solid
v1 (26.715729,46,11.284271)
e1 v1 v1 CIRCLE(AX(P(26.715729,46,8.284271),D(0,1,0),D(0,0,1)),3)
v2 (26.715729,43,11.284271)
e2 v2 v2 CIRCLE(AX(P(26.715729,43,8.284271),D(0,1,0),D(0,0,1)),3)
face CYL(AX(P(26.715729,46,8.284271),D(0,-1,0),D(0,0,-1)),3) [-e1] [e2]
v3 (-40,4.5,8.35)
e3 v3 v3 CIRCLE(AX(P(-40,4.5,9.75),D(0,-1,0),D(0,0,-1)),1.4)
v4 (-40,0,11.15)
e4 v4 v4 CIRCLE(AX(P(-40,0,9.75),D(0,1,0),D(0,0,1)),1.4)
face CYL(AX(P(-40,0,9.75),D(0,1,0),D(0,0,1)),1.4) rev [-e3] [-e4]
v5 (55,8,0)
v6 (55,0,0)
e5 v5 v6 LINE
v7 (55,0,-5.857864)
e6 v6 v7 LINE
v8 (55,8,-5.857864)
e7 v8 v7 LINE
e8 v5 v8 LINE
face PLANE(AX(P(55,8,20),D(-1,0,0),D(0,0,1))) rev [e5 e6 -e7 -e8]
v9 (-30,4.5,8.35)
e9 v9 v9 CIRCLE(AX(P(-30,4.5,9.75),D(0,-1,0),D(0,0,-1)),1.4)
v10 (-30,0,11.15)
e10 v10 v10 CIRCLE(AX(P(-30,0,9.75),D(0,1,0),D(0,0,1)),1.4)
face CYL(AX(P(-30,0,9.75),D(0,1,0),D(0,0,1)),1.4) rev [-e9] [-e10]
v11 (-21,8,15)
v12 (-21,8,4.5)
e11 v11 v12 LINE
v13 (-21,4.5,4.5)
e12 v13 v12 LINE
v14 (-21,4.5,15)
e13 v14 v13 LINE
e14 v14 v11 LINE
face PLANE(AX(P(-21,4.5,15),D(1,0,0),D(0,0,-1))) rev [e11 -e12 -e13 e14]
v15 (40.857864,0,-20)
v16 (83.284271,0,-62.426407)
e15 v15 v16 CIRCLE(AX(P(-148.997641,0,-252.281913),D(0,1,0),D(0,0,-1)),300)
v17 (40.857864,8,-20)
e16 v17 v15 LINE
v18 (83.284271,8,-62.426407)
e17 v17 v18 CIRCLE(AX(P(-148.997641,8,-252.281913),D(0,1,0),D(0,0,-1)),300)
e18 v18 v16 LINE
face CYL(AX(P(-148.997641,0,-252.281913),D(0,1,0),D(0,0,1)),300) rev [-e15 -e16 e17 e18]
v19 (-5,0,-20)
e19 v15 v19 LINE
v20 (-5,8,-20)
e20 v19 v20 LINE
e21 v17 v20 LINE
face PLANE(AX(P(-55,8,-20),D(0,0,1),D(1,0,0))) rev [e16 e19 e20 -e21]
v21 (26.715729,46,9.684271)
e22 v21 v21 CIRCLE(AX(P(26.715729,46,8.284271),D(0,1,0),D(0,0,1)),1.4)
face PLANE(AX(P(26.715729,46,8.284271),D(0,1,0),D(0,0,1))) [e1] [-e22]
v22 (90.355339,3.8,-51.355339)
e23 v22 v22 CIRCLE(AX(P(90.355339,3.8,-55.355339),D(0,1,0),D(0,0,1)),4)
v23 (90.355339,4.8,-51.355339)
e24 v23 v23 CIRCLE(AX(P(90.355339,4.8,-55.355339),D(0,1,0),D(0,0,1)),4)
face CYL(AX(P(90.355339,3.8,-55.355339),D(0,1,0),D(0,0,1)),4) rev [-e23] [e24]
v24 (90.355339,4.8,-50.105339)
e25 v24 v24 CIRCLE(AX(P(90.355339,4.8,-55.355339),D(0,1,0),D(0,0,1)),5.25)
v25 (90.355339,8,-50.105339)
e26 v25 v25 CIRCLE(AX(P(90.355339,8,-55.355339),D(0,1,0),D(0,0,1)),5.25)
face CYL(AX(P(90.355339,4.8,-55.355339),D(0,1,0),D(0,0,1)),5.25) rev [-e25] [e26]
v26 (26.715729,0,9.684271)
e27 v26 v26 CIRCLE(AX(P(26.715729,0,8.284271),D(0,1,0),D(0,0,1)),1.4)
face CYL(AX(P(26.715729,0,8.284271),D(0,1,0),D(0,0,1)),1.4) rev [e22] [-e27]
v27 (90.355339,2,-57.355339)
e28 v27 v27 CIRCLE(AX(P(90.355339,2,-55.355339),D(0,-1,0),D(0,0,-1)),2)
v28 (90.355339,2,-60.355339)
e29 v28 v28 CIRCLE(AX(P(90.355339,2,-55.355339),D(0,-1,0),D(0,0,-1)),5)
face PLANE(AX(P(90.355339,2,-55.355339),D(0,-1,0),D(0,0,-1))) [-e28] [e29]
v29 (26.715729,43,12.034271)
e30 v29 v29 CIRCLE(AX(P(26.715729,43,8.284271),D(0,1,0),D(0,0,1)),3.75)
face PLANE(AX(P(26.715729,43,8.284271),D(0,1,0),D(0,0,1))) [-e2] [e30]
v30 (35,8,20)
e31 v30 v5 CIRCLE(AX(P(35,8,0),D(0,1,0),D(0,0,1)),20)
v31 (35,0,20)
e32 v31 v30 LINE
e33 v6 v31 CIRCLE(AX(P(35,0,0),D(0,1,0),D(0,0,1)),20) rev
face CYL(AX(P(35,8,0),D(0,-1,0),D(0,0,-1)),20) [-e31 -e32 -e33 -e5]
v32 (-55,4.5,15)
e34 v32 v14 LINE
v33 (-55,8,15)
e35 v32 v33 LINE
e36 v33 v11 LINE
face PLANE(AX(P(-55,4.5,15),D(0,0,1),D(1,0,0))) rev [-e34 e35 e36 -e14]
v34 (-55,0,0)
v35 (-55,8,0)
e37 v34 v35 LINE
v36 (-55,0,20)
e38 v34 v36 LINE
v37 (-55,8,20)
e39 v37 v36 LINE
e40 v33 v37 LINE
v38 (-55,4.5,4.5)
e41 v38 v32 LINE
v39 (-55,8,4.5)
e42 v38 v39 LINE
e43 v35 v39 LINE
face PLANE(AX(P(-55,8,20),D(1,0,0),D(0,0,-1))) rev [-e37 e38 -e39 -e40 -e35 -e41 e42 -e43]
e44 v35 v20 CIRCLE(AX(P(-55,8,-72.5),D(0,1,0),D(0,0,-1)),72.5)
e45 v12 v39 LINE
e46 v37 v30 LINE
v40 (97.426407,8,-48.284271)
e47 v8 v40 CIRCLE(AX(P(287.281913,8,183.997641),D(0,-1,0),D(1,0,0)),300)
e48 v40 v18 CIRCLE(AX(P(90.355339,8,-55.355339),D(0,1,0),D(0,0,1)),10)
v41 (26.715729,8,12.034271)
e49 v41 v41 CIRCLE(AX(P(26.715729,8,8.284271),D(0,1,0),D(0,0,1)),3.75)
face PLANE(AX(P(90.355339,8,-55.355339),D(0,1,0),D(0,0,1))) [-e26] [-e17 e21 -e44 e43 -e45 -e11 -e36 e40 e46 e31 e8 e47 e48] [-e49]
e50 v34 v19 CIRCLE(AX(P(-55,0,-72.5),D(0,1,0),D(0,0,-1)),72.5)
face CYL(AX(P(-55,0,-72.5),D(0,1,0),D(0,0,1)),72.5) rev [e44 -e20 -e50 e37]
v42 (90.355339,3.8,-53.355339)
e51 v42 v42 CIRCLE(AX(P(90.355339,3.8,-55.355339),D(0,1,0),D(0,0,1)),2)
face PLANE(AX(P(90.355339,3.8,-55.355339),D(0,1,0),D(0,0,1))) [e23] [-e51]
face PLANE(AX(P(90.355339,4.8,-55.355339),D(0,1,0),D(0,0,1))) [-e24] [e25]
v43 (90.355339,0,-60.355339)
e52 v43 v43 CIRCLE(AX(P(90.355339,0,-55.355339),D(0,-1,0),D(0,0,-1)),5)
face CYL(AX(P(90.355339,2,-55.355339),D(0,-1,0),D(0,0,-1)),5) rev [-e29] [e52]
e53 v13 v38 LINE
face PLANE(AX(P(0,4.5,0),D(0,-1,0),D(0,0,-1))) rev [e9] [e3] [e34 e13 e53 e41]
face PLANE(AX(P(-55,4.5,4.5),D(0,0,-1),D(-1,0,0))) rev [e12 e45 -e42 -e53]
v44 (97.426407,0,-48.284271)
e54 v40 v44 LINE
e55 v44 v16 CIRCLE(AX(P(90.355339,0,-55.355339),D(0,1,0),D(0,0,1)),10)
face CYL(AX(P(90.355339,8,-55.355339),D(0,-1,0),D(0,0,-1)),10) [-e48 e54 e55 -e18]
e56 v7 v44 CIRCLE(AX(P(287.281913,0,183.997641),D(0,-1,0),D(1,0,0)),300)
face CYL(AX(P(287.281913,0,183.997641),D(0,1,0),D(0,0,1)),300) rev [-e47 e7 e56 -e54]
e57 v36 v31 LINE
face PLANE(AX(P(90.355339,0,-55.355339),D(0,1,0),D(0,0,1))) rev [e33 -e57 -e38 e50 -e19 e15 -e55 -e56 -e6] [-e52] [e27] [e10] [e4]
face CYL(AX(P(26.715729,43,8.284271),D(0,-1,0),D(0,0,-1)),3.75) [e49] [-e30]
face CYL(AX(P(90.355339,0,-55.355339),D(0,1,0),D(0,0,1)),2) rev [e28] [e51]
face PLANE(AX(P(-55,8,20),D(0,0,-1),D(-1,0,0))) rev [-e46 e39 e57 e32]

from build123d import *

# Parameters (mm, degrees)
BOSS_EXTRUDE1_DEPTH      = 8
CUT_EXTRUDE1_DEPTH       = 121.027140353
CUT_EXTRUDE1_DEPTH_BACK  = 121.027140353
SKETCH2_R                = 1.4
CUT_EXTRUDE2_DEPTH       = 121.027140353
SKETCH4_R                = 5.25
CUT_EXTRUDE3_DEPTH       = 3.2
SKETCH5_R                = 4
CUT_EXTRUDE4_DEPTH       = 1
SKETCH6_R                = 5
CUT_EXTRUDE5_DEPTH       = 2
CUT_EXTRUDE6_DEPTH       = 120.833861747
CUT_EXTRUDE6_DEPTH_BACK  = 120.833861747
SKETCH7_R                = 2
SKETCH9_R                = 3.75
BOSS_EXTRUDE2_DEPTH      = 35
SKETCH10_R               = 3
BOSS_EXTRUDE3_DEPTH      = 3
CUT_EXTRUDE8_DEPTH       = 129.29074176
CUT_EXTRUDE8_DEPTH_BACK  = 129.29074176
SKETCH11_R               = 1.4
CUT_EXTRUDE9_DEPTH       = 126.644396697
CUT_EXTRUDE9_DEPTH_BACK  = 126.644396697
SKETCH13_W               = 34
SKETCH13_H               = 10.5
CUT_EXTRUDE10_DEPTH      = 3.5
FILLET2_R                = 20
CUT_EXTRUDE11_DEPTH      = 127.746851721
CUT_EXTRUDE11_DEPTH_BACK = 127.746851721
SKETCH14_R               = 1.4


with BuildPart() as part:
    # Sketch1 → Boss-Extrude1 (new body)
    with BuildSketch(Plane(origin=(0, 0, 0), x_dir=(1, 0, 0), z_dir=(0, 1, 0))):
        with BuildLine():
            Line((40.857864376, 20), (83.284271247, 62.426406871))
            ThreePointArc((83.284271247, 62.426406871), (97.426406871, 62.426406871), (97.426406871, 48.284271247))
            Line((97.426406871, 48.284271247), (55, 5.857864376))
            Line((55, 5.857864376), (55, -20))
            Line((55, -20), (-55, -20))
            Line((-55, -20), (-55, 20))
            Line((-55, 20), (40.857864376, 20))
        make_face()
    extrude(amount=BOSS_EXTRUDE1_DEPTH)

    # Sketch2 → Cut-Extrude1 (cut, two sides: drawn at the far end of the back side and taken through both)
    with BuildSketch(Plane(origin=(0, 8, 0), x_dir=(1, 0, 0), z_dir=(0, 1, 0)).offset(-CUT_EXTRUDE1_DEPTH_BACK)):
        with Locations((90.355339059, 55.355339059)):
            Circle(SKETCH2_R)
        with Locations((26.715728753, -8.284271247)):
            Circle(SKETCH2_R)
    extrude(amount=CUT_EXTRUDE1_DEPTH + CUT_EXTRUDE1_DEPTH_BACK, mode=Mode.SUBTRACT)

    # Sketch3 → Cut-Extrude2 (cut, symmetric)
    with BuildSketch(Plane(origin=(0, 8, 0), x_dir=(1, 0, 0), z_dir=(0, 1, 0))):
        with BuildLine():
            Line((40.857864376, 20), (83.284271247, 62.426406871))
            ThreePointArc((83.284271247, 62.426406871), (63.134392976, 40.149878272), (40.857864376, 20))
        make_face()
    cut_extrude2 = extrude(amount=CUT_EXTRUDE2_DEPTH, both=True, mode=Mode.SUBTRACT)

    # Mirror1: Cut-Extrude2 across plane
    add(cut_extrude2.mirror(Plane(origin=(17.5, 0, 17.5), x_dir=(-0.7071067811865461, 0, 0.707106781186549), z_dir=(0.7071067811865492, 0, 0.7071067811865459))), mode=Mode.SUBTRACT)

    # Sketch4 → Cut-Extrude3 (cut)
    with BuildSketch(Plane(origin=(0, 8, 0), x_dir=(1, 0, 0), z_dir=(0, 1, 0))):
        with Locations((90.355339059, 55.355339059)):
            Circle(SKETCH4_R)
    extrude(amount=-CUT_EXTRUDE3_DEPTH, mode=Mode.SUBTRACT)

    # Sketch5 → Cut-Extrude4 (cut)
    with BuildSketch(Plane(origin=(0, 4.8, 0), x_dir=(1, 0, 0), z_dir=(0, 1, 0))):
        with Locations((90.355339059, 55.355339059)):
            Circle(SKETCH5_R)
    extrude(amount=-CUT_EXTRUDE4_DEPTH, mode=Mode.SUBTRACT)

    # Sketch6 → Cut-Extrude5 (cut)
    with BuildSketch(Plane.XZ):
        with Locations((90.355339059, -55.355339059)):
            Circle(SKETCH6_R)
    extrude(amount=-CUT_EXTRUDE5_DEPTH, mode=Mode.SUBTRACT)

    # Sketch7 → Cut-Extrude6 (cut, two sides: drawn at the far end of the back side and taken through both)
    with BuildSketch(Plane(origin=(0, 3.8, 0), x_dir=(1, 0, 0), z_dir=(0, 1, 0)).offset(-CUT_EXTRUDE6_DEPTH_BACK)):
        with Locations((90.355339059, 55.355339059)):
            Circle(SKETCH7_R)
    extrude(amount=CUT_EXTRUDE6_DEPTH + CUT_EXTRUDE6_DEPTH_BACK, mode=Mode.SUBTRACT)

    # Sketch9 → Boss-Extrude2 (add)
    with BuildSketch(Plane(origin=(0, 8, 0), x_dir=(1, 0, 0), z_dir=(0, 1, 0))):
        with Locations((26.715728753, -8.284271247)):
            Circle(SKETCH9_R)
    extrude(amount=BOSS_EXTRUDE2_DEPTH)

    # Sketch10 → Boss-Extrude3 (add)
    with BuildSketch(Plane(origin=(0, 43, 0), x_dir=(1, 0, 0), z_dir=(0, 1, 0))):
        with Locations((26.715728753, -8.284271247)):
            Circle(SKETCH10_R)
    extrude(amount=BOSS_EXTRUDE3_DEPTH)

    # Sketch11 → Cut-Extrude8 (cut, two sides: drawn at the far end of the back side and taken through both)
    with BuildSketch(Plane(origin=(0, 46, 0), x_dir=(1, 0, 0), z_dir=(0, 1, 0)).offset(-CUT_EXTRUDE8_DEPTH_BACK)):
        with Locations((26.715728753, -8.284271247)):
            Circle(SKETCH11_R)
    extrude(amount=CUT_EXTRUDE8_DEPTH + CUT_EXTRUDE8_DEPTH_BACK, mode=Mode.SUBTRACT)

    # Sketch12 → Cut-Extrude9 (cut, two sides: drawn at the far end of the back side and taken through both)
    with BuildSketch(Plane(origin=(0, 8, 0), x_dir=(1, 0, 0), z_dir=(0, 1, 0)).offset(-CUT_EXTRUDE9_DEPTH_BACK)):
        with BuildLine():
            Line((-55, 0), (-55, 20))
            Line((-55, 20), (-5, 20))
            ThreePointArc((-5, 20), (-28.074175964, 5.185439911), (-55, 0))
        make_face()
    extrude(amount=CUT_EXTRUDE9_DEPTH + CUT_EXTRUDE9_DEPTH_BACK, mode=Mode.SUBTRACT)

    # Sketch13 → Cut-Extrude10 (cut)
    with BuildSketch(Plane(origin=(0, 8, 0), x_dir=(1, 0, 0), z_dir=(0, 1, 0))):
        with Locations((-38, -9.75)):
            Rectangle(SKETCH13_W, SKETCH13_H)
    extrude(amount=-CUT_EXTRUDE10_DEPTH, mode=Mode.SUBTRACT)

    # Fillet2
    fillet2_edges = [part.edges().sort_by_distance(p)[0] for p in [
        (55, 4, 20),
    ]]
    fillet(fillet2_edges, radius=FILLET2_R)

    # Sketch14 → Cut-Extrude11 (cut, two sides: drawn at the far end of the back side and taken through both)
    with BuildSketch(Plane(origin=(0, 4.5, 0), x_dir=(1, 0, 0), z_dir=(0, 1, 0)).offset(-CUT_EXTRUDE11_DEPTH_BACK)):
        with Locations((-40, -9.75)):
            Circle(SKETCH14_R)
        with Locations((-30, -9.75)):
            Circle(SKETCH14_R)
    extrude(amount=CUT_EXTRUDE11_DEPTH + CUT_EXTRUDE11_DEPTH_BACK, mode=Mode.SUBTRACT)


solid = part.part
